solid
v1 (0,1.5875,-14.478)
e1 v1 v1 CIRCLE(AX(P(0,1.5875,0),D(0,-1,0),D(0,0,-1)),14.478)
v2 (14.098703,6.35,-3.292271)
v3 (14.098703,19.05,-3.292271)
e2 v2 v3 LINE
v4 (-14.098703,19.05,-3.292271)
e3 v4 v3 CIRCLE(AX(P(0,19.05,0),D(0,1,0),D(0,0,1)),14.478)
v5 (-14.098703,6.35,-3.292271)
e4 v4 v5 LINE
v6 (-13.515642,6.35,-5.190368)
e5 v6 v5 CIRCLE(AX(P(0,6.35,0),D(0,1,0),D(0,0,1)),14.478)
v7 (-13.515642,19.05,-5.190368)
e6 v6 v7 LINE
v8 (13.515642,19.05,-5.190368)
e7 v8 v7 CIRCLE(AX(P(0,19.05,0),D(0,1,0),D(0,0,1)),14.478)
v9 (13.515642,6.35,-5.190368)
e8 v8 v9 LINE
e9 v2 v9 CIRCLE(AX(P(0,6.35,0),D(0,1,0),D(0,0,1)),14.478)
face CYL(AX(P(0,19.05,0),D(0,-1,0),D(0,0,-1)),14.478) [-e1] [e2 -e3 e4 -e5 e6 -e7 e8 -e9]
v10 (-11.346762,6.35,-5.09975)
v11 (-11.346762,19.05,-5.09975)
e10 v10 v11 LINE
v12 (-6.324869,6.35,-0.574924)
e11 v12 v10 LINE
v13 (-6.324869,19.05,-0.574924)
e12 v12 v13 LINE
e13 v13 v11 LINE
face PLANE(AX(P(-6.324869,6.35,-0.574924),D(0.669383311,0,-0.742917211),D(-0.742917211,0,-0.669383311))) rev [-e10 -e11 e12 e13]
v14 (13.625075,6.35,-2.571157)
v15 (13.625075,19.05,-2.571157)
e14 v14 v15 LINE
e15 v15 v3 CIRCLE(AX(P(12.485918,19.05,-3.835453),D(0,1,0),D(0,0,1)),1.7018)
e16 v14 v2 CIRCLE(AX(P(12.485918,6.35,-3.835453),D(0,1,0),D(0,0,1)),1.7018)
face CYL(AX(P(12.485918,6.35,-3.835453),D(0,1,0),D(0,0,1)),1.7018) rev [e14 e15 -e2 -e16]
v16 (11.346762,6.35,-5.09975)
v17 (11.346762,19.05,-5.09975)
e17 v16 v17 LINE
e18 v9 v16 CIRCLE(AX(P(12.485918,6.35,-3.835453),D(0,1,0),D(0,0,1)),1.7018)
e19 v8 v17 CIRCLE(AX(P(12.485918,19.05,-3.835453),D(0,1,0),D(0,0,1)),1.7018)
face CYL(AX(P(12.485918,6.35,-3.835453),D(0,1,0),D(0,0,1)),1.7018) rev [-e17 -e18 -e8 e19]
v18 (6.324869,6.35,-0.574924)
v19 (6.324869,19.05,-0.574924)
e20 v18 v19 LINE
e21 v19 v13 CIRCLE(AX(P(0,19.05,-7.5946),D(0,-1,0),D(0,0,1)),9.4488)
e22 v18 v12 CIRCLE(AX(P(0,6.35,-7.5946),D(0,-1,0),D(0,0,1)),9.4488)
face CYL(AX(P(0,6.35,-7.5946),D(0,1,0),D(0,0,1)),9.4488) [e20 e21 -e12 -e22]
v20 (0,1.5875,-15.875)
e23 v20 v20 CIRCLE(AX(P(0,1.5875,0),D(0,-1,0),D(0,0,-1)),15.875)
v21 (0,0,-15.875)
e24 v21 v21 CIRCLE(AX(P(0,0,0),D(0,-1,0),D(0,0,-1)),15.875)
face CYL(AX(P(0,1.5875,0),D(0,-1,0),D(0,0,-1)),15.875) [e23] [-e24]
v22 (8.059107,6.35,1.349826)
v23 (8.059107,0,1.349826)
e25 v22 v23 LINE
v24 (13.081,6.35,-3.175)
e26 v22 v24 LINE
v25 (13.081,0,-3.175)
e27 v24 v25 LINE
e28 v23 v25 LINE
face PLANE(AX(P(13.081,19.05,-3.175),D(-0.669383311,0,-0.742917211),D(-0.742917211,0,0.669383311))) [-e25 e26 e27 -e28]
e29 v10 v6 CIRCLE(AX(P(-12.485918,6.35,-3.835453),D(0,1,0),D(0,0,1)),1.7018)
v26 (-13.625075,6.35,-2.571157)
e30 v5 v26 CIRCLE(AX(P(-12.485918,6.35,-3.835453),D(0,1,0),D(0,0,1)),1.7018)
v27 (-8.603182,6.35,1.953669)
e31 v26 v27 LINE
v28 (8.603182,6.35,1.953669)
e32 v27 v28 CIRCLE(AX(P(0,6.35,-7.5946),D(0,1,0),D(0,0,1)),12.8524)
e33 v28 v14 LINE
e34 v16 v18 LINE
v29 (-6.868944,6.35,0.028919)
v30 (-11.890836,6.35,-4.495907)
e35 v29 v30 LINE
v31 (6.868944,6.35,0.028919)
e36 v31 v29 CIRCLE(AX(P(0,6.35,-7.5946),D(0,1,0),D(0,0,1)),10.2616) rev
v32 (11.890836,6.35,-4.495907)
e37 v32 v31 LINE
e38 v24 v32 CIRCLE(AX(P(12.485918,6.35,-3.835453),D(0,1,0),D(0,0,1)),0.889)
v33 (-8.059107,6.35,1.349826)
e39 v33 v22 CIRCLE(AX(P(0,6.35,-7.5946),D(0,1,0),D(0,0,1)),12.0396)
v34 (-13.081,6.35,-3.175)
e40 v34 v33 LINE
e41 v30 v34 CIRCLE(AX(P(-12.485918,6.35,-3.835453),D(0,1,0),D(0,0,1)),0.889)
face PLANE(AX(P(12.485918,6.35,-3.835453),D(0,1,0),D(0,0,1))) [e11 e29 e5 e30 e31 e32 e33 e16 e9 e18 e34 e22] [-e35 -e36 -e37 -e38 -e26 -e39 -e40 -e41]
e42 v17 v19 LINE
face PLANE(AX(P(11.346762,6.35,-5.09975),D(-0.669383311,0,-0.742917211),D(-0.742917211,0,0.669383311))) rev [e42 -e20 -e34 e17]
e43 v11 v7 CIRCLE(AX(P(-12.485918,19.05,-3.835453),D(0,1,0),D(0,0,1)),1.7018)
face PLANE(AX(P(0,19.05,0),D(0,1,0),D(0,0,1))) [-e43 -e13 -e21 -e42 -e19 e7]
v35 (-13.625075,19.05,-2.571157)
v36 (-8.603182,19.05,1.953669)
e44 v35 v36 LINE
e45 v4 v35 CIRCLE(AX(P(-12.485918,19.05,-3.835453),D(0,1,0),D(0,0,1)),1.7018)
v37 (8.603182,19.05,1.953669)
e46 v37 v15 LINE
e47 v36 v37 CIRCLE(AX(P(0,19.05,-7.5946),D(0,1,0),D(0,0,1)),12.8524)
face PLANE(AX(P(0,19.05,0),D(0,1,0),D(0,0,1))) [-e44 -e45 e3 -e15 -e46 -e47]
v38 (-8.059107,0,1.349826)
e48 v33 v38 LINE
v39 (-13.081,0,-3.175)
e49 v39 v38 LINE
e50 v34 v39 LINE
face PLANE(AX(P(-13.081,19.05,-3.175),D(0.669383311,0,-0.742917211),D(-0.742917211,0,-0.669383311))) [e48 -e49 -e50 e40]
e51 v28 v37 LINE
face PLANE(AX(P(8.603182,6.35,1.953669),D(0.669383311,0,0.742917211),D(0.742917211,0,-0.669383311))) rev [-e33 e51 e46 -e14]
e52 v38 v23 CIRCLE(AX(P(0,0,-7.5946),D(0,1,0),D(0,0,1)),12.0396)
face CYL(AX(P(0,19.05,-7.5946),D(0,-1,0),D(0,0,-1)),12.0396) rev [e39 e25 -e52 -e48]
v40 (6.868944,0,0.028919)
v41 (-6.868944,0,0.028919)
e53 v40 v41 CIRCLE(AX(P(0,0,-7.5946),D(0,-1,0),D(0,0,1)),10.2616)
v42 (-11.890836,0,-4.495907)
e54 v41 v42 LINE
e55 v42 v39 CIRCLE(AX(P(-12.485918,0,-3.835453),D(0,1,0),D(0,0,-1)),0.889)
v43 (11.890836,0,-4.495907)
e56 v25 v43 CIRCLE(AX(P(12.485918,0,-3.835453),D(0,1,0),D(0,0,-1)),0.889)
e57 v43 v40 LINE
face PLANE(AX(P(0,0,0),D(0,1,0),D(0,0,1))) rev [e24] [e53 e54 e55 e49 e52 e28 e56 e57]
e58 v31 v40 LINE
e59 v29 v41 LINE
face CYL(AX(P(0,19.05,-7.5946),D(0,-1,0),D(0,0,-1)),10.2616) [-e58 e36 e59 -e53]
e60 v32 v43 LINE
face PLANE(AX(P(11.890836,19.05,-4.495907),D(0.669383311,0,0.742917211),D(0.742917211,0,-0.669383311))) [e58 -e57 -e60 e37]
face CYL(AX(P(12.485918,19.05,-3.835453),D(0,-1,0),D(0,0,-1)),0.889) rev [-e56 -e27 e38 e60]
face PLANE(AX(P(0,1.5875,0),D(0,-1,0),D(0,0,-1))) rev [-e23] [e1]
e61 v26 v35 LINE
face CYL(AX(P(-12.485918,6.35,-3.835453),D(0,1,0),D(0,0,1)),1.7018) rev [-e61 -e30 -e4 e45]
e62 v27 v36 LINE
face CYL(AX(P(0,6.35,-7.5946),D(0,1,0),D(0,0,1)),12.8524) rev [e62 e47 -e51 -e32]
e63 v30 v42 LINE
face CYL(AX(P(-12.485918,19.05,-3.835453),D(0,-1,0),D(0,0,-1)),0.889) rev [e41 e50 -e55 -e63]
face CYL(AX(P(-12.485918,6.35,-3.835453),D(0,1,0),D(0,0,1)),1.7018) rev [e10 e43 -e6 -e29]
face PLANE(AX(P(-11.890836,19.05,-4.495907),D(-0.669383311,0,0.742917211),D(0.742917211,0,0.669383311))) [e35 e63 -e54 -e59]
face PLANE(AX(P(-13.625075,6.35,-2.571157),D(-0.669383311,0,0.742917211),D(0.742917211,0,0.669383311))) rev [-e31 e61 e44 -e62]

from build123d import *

# Parameters (mm, degrees)
SKETCH2_R           = 14.478
BOSS_EXTRUDE1_DEPTH = 19.05
CUT_EXTRUDE2_DEPTH  = 12.7
SKETCH15_R          = 15.875
BOSS_EXTRUDE2_DEPTH = 1.5875


with BuildPart() as part:
    # Sketch2 → Boss-Extrude1 (new body)
    with BuildSketch(Plane(origin=(0, 0, 0), x_dir=(1, 0, 0), z_dir=(0, 1, 0))):
        with Locations(Location((0, 0, 0), (0, 0, 90))):
            Circle(SKETCH2_R)
        with BuildLine():
            Line((-13.081, 3.175), (-8.059107313, -1.349826056))
            ThreePointArc((-8.059107313, -1.349826056), (0, -4.445), (8.059107313, -1.349826056))
            Line((8.059107313, -1.349826056), (13.081, 3.175))
            ThreePointArc((13.081, 3.175), (13.146371637, 4.430535164), (11.890836473, 4.495906802))
            Line((11.890836473, 4.495906802), (6.868943786, -0.028919255))
            ThreePointArc((6.868943786, -0.028919255), (0, -2.667), (-6.868943786, -0.028919255))
            Line((-6.868943786, -0.028919255), (-11.890836473, 4.495906802))
            ThreePointArc((-11.890836473, 4.495906802), (-13.146371637, 4.430535164), (-13.081, 3.175))
        make_face(mode=Mode.SUBTRACT)
    extrude(amount=BOSS_EXTRUDE1_DEPTH)

    # Sketch14 → Cut-Extrude2 (cut)
    with BuildSketch(Plane(origin=(0, 19.05, 0), x_dir=(1, 0, 0), z_dir=(0, 1, 0))):
        with BuildLine():
            Line((8.603182068, -1.953669166), (13.625074755, 2.571156891))
            ThreePointArc((13.625074755, 2.571156891), (13.750214746, 4.97460992), (11.346761717, 5.099749911))
            Line((11.346761717, 5.099749911), (6.32486903, 0.574923855))
            ThreePointArc((6.32486903, 0.574923855), (0, -1.8542), (-6.32486903, 0.574923855))
            Line((-6.32486903, 0.574923855), (-11.346761717, 5.099749911))
            ThreePointArc((-11.346761717, 5.099749911), (-13.750214746, 4.97460992), (-13.625074755, 2.571156891))
            Line((-13.625074755, 2.571156891), (-8.603182068, -1.953669166))
            ThreePointArc((-8.603182068, -1.953669166), (0, -5.2578), (8.603182068, -1.953669166))
        make_face()
    extrude(amount=-CUT_EXTRUDE2_DEPTH, mode=Mode.SUBTRACT)

    # Sketch15 → Boss-Extrude2 (add)
    with BuildSketch(Plane.XZ):
        with Locations(Location((0, 0, 0), (0, 0, 270))):
            Circle(SKETCH15_R)
        with BuildLine():
            Line((11.890836473, -4.495906802), (6.868943786, 0.028919255))
            ThreePointArc((6.868943786, 0.028919255), (0, 2.667), (-6.868943786, 0.028919255))
            Line((-6.868943786, 0.028919255), (-11.890836473, -4.495906802))
            ThreePointArc((-11.890836473, -4.495906802), (-13.146371637, -4.430535164), (-13.081, -3.175))
            Line((-13.081, -3.175), (-8.059107313, 1.349826056))
            ThreePointArc((-8.059107313, 1.349826056), (0, 4.445), (8.059107313, 1.349826056))
            Line((8.059107313, 1.349826056), (13.081, -3.175))
            ThreePointArc((13.081, -3.175), (13.146371637, -4.430535164), (11.890836473, -4.495906802))
        make_face(mode=Mode.SUBTRACT)
    extrude(amount=-BOSS_EXTRUDE2_DEPTH)


solid = part.part
